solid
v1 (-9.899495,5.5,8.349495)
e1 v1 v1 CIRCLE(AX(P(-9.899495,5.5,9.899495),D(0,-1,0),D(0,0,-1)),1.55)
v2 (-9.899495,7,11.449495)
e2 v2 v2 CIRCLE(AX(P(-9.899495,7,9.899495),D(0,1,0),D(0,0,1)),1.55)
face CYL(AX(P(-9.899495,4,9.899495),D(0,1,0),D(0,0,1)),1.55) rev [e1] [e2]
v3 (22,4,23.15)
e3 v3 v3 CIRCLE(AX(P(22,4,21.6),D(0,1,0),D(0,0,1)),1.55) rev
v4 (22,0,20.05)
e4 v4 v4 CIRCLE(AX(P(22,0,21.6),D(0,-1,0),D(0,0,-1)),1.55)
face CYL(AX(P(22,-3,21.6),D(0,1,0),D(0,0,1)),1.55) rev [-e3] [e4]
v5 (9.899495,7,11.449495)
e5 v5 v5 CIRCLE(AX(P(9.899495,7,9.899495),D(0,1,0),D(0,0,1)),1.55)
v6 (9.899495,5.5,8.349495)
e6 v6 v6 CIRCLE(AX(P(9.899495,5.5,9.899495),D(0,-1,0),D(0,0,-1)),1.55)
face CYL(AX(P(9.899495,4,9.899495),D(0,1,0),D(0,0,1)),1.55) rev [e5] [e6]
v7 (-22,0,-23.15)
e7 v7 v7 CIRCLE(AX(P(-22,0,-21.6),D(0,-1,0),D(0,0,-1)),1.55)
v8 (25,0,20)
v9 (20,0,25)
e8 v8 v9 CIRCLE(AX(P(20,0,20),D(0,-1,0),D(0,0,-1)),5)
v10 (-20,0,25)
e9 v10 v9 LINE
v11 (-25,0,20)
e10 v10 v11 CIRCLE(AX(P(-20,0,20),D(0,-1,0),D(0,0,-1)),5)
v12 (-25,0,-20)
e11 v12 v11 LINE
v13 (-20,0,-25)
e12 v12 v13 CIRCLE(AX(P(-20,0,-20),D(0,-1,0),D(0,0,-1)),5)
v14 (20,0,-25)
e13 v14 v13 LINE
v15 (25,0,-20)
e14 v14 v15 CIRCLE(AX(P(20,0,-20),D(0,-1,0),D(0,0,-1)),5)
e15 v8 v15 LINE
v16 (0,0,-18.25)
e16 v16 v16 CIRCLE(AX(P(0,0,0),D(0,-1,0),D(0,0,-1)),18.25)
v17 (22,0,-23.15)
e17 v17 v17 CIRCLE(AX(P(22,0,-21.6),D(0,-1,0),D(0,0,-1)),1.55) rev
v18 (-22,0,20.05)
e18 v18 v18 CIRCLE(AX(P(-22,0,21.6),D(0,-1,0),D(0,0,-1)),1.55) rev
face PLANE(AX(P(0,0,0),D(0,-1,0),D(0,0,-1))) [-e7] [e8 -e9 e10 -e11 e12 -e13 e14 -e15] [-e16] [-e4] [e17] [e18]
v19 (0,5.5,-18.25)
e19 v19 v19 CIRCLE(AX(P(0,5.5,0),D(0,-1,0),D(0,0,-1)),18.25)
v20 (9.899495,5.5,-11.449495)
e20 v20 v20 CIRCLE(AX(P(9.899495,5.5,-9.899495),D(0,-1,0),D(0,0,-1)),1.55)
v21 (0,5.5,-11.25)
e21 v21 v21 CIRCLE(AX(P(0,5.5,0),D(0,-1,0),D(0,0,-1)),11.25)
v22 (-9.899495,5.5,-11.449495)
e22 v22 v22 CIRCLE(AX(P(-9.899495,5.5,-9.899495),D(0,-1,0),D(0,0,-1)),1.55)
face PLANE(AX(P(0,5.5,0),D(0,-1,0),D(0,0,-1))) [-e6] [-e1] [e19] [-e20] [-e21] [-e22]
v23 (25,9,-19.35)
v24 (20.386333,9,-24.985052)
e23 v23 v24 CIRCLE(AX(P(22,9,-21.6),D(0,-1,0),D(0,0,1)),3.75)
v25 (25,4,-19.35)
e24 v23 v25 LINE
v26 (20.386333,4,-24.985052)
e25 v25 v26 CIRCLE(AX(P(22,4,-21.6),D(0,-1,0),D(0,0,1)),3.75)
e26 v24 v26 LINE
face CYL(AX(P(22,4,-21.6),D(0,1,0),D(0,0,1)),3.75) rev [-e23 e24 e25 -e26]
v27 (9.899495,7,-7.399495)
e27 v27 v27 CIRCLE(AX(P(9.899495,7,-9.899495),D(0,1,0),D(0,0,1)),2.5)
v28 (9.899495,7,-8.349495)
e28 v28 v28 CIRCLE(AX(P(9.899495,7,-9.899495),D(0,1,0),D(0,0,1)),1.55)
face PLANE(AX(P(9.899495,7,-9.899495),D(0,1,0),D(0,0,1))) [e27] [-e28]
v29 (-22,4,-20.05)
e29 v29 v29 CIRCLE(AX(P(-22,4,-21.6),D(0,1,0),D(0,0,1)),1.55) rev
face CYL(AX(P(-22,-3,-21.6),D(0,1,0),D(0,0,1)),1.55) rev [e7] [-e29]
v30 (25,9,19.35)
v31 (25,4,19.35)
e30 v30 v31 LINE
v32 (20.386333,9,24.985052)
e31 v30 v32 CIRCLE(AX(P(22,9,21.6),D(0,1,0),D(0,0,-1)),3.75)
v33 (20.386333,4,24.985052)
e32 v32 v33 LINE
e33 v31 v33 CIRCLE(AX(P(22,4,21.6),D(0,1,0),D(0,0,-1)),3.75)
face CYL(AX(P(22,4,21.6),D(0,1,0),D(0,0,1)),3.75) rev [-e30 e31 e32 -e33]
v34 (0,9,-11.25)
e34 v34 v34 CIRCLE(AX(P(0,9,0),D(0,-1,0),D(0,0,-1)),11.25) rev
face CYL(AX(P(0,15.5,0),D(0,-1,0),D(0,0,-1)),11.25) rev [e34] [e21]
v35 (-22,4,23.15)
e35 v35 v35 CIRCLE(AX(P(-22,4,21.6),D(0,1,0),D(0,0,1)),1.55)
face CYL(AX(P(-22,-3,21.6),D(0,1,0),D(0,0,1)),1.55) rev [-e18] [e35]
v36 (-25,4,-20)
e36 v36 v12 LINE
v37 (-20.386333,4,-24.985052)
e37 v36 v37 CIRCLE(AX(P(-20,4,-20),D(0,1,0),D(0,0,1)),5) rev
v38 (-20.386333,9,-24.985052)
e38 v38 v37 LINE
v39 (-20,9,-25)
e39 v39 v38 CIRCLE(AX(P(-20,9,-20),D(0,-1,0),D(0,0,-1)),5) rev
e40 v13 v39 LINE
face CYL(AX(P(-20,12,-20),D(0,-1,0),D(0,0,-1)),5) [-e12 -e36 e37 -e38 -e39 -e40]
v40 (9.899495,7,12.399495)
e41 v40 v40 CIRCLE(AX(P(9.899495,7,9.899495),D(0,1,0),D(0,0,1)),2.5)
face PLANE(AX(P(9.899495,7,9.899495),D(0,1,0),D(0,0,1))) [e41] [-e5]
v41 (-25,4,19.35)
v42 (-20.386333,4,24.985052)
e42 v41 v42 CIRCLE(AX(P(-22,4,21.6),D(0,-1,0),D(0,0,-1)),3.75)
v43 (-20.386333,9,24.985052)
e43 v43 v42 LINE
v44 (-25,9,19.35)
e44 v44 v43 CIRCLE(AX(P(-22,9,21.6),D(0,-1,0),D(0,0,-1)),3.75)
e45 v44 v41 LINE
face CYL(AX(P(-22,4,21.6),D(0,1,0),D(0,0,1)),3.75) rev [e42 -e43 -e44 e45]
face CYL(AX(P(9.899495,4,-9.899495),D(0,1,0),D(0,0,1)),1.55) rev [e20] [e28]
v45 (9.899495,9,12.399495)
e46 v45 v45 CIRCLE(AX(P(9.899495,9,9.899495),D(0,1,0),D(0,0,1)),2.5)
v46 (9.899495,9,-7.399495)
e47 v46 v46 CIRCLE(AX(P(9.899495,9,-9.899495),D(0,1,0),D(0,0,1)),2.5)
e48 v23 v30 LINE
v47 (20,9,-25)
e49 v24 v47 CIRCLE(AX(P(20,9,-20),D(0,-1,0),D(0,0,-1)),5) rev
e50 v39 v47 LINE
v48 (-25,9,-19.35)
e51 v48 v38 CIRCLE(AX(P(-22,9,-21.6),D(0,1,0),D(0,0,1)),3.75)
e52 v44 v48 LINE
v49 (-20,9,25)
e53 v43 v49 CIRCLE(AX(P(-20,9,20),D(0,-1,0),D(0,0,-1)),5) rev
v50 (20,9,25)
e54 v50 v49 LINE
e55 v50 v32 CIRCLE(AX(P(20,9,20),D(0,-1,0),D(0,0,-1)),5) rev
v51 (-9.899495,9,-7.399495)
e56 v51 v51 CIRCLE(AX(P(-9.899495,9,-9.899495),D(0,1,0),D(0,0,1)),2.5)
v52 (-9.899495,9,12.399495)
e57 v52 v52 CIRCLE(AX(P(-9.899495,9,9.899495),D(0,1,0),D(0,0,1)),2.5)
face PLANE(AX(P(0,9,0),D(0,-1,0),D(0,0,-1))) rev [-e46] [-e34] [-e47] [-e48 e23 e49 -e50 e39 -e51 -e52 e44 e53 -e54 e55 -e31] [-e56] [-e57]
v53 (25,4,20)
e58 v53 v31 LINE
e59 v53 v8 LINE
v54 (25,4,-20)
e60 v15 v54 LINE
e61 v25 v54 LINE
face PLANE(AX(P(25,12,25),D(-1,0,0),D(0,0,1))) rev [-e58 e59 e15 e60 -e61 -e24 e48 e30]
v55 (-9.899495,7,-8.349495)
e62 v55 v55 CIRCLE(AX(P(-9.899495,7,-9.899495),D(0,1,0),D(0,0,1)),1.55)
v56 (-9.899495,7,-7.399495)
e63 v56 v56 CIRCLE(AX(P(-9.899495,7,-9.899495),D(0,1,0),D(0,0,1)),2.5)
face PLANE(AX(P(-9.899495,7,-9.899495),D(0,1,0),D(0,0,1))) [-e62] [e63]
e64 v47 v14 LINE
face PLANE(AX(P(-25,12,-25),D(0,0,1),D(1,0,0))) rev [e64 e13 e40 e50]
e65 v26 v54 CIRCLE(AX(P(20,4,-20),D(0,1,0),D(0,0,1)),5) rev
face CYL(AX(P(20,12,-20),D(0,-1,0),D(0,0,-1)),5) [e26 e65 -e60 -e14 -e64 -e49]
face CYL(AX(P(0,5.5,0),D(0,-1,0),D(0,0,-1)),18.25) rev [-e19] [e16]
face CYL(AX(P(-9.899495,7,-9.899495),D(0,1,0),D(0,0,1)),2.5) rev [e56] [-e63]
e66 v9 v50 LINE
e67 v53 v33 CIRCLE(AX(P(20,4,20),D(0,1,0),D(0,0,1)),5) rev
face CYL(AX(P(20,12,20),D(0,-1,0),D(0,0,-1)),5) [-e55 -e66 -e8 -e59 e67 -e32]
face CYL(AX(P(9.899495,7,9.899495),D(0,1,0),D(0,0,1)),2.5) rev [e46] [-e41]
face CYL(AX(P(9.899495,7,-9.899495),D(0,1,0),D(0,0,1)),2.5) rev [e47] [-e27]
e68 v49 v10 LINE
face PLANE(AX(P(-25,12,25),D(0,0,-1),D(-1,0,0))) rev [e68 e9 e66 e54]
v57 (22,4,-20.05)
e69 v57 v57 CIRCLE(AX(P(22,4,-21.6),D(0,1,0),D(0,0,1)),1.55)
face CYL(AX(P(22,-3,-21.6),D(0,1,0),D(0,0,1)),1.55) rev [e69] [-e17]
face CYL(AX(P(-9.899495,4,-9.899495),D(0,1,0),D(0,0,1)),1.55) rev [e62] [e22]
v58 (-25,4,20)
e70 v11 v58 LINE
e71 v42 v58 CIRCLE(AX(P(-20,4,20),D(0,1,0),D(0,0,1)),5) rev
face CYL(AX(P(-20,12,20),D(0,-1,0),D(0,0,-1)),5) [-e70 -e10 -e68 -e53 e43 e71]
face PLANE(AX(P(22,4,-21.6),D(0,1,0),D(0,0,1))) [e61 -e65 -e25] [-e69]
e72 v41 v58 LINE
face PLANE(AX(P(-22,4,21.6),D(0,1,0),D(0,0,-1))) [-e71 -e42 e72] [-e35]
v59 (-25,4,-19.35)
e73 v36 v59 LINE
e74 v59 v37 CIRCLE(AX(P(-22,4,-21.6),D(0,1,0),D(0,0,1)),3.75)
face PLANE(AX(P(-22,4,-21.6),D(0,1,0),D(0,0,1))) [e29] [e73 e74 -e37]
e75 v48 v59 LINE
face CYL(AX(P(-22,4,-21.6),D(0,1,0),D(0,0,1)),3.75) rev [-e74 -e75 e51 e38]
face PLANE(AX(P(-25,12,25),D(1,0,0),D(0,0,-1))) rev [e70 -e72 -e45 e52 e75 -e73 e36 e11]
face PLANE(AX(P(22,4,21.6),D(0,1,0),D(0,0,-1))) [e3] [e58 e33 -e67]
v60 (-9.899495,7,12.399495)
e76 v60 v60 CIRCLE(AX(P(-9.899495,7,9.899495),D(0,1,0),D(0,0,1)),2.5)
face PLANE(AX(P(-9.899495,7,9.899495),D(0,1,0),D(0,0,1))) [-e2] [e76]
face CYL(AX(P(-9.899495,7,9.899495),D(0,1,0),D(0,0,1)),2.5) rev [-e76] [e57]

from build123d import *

# Parameters (mm, degrees)
SKETCH1_W               = 50
SKETCH1_H               = 50
BOSS_EXTRUDE1_DEPTH     = 12
FILLET1_R               = 5
SKETCH3_R               = 18.25
CUT_EXTRUDE1_DEPTH      = 5.5
SKETCH4_R               = 11.25
CUT_EXTRUDE2_DEPTH      = 10
SKETCH5_W               = 62.97921445
SKETCH5_H               = 70.453436458
CUT_EXTRUDE3_DEPTH      = 3
SKETCH6_R               = 2.5
CUT_EXTRUDE4_DEPTH      = 2
SKETCH7_R               = 1.55
CUT_EXTRUDE5_DEPTH      = 3
SKETCH8_R               = 1.55
CUT_EXTRUDE6_DEPTH      = 12
SKETCH9_R               = 3.75
CUT_EXTRUDE7_DEPTH      = 5
MIRROR2_COPY_1_SKETCH_R = 1.55
MIRROR2_COPY_1_DEPTH    = 12
MIRROR2_COPY_2_SKETCH_R = 3.75
MIRROR2_COPY_2_DEPTH    = 5


with BuildPart() as part:
    # Sketch1 → Boss-Extrude1 (new body)
    with BuildSketch(Plane(origin=(0, 0, 0), x_dir=(1, 0, 0), z_dir=(0, 1, 0))):
        Rectangle(SKETCH1_W, SKETCH1_H)
    extrude(amount=BOSS_EXTRUDE1_DEPTH)

    # Fillet1
    fillet1_edges = [part.edges().sort_by_distance(p)[0] for p in [
        (25, 6, 25),
        (-25, 6, 25),
        (-25, 6, -25),
        (25, 6, -25),
    ]]
    fillet(fillet1_edges, radius=FILLET1_R)

    # Sketch3 → Cut-Extrude1 (cut)
    with BuildSketch(Plane.XZ):
        Circle(SKETCH3_R)
    extrude(amount=-CUT_EXTRUDE1_DEPTH, mode=Mode.SUBTRACT)

    # Sketch4 → Cut-Extrude2 (cut)
    with BuildSketch(Plane.XZ.offset(-5.5)):
        Circle(SKETCH4_R)
    extrude(amount=-CUT_EXTRUDE2_DEPTH, mode=Mode.SUBTRACT)

    # Sketch5 → Cut-Extrude3 (cut)
    with BuildSketch(Plane(origin=(0, 12, 0), x_dir=(1, 0, 0), z_dir=(0, 1, 0))):
        Rectangle(SKETCH5_W, SKETCH5_H)
    extrude(amount=-CUT_EXTRUDE3_DEPTH, mode=Mode.SUBTRACT)

    # Sketch6 → Cut-Extrude4 (cut)
    with BuildSketch(Plane(origin=(0, 9, 0), x_dir=(1, 0, 0), z_dir=(0, 1, 0))):
        with Locations((-9.899494937, 9.899494937)):
            Circle(SKETCH6_R)
        with Locations((9.899494937, 9.899494937)):
            Circle(SKETCH6_R)
        with Locations((-9.899494937, -9.899494937)):
            Circle(SKETCH6_R)
        with Locations((9.899494937, -9.899494937)):
            Circle(SKETCH6_R)
    extrude(amount=-CUT_EXTRUDE4_DEPTH, mode=Mode.SUBTRACT)

    # Sketch7 → Cut-Extrude5 (cut)
    with BuildSketch(Plane(origin=(0, 7, 0), x_dir=(1, 0, 0), z_dir=(0, 1, 0))):
        with Locations((-9.899494937, 9.899494937)):
            Circle(SKETCH7_R)
        with Locations((9.899494937, 9.899494937)):
            Circle(SKETCH7_R)
        with Locations((-9.899494937, -9.899494937)):
            Circle(SKETCH7_R)
        with Locations((9.899494937, -9.899494937)):
            Circle(SKETCH7_R)
    extrude(amount=-CUT_EXTRUDE5_DEPTH, mode=Mode.SUBTRACT)

    # Sketch8 → Cut-Extrude6 (cut)
    with BuildSketch(Plane(origin=(0, 9, 0), x_dir=(1, 0, 0), z_dir=(0, 1, 0))):
        with Locations((-22, 21.6)):
            Circle(SKETCH8_R)
    cut_extrude6 = extrude(amount=-CUT_EXTRUDE6_DEPTH, mode=Mode.SUBTRACT)

    # Sketch9 → Cut-Extrude7 (cut)
    with BuildSketch(Plane(origin=(0, 9, 0), x_dir=(1, 0, 0), z_dir=(0, 1, 0))):
        with Locations((-22, 21.6)):
            Circle(SKETCH9_R)
    cut_extrude7 = extrude(amount=-CUT_EXTRUDE7_DEPTH, mode=Mode.SUBTRACT)

    # Mirror1: Cut-Extrude6, Cut-Extrude7 across plane
    add(cut_extrude6.mirror(Plane(origin=(0, 0, 0), x_dir=(0, 0, 1), z_dir=(1, 0, 0))), mode=Mode.SUBTRACT)
    add(cut_extrude7.mirror(Plane(origin=(0, 0, 0), x_dir=(0, 0, 1), z_dir=(1, 0, 0))), mode=Mode.SUBTRACT)

    # Mirror2: Cut-Extrude6, Cut-Extrude7 across plane
    add(cut_extrude6.mirror(Plane.XY), mode=Mode.SUBTRACT)
    add(cut_extrude7.mirror(Plane.XY), mode=Mode.SUBTRACT)

    # Mirror2 copy 1 sketch → Mirror2 copy 1 (cut)
    with BuildSketch(Plane(origin=(0, 9, 0), x_dir=(-1, 0, 0), z_dir=(0, 1, 0))):
        with Locations((-22, 21.6)):
            Circle(MIRROR2_COPY_1_SKETCH_R)
    extrude(amount=-MIRROR2_COPY_1_DEPTH, mode=Mode.SUBTRACT)

    # Mirror2 copy 2 sketch → Mirror2 copy 2 (cut)
    with BuildSketch(Plane(origin=(0, 9, 0), x_dir=(-1, 0, 0), z_dir=(0, 1, 0))):
        with Locations((-22, 21.6)):
            Circle(MIRROR2_COPY_2_SKETCH_R)
    extrude(amount=-MIRROR2_COPY_2_DEPTH, mode=Mode.SUBTRACT)


solid = part.part
